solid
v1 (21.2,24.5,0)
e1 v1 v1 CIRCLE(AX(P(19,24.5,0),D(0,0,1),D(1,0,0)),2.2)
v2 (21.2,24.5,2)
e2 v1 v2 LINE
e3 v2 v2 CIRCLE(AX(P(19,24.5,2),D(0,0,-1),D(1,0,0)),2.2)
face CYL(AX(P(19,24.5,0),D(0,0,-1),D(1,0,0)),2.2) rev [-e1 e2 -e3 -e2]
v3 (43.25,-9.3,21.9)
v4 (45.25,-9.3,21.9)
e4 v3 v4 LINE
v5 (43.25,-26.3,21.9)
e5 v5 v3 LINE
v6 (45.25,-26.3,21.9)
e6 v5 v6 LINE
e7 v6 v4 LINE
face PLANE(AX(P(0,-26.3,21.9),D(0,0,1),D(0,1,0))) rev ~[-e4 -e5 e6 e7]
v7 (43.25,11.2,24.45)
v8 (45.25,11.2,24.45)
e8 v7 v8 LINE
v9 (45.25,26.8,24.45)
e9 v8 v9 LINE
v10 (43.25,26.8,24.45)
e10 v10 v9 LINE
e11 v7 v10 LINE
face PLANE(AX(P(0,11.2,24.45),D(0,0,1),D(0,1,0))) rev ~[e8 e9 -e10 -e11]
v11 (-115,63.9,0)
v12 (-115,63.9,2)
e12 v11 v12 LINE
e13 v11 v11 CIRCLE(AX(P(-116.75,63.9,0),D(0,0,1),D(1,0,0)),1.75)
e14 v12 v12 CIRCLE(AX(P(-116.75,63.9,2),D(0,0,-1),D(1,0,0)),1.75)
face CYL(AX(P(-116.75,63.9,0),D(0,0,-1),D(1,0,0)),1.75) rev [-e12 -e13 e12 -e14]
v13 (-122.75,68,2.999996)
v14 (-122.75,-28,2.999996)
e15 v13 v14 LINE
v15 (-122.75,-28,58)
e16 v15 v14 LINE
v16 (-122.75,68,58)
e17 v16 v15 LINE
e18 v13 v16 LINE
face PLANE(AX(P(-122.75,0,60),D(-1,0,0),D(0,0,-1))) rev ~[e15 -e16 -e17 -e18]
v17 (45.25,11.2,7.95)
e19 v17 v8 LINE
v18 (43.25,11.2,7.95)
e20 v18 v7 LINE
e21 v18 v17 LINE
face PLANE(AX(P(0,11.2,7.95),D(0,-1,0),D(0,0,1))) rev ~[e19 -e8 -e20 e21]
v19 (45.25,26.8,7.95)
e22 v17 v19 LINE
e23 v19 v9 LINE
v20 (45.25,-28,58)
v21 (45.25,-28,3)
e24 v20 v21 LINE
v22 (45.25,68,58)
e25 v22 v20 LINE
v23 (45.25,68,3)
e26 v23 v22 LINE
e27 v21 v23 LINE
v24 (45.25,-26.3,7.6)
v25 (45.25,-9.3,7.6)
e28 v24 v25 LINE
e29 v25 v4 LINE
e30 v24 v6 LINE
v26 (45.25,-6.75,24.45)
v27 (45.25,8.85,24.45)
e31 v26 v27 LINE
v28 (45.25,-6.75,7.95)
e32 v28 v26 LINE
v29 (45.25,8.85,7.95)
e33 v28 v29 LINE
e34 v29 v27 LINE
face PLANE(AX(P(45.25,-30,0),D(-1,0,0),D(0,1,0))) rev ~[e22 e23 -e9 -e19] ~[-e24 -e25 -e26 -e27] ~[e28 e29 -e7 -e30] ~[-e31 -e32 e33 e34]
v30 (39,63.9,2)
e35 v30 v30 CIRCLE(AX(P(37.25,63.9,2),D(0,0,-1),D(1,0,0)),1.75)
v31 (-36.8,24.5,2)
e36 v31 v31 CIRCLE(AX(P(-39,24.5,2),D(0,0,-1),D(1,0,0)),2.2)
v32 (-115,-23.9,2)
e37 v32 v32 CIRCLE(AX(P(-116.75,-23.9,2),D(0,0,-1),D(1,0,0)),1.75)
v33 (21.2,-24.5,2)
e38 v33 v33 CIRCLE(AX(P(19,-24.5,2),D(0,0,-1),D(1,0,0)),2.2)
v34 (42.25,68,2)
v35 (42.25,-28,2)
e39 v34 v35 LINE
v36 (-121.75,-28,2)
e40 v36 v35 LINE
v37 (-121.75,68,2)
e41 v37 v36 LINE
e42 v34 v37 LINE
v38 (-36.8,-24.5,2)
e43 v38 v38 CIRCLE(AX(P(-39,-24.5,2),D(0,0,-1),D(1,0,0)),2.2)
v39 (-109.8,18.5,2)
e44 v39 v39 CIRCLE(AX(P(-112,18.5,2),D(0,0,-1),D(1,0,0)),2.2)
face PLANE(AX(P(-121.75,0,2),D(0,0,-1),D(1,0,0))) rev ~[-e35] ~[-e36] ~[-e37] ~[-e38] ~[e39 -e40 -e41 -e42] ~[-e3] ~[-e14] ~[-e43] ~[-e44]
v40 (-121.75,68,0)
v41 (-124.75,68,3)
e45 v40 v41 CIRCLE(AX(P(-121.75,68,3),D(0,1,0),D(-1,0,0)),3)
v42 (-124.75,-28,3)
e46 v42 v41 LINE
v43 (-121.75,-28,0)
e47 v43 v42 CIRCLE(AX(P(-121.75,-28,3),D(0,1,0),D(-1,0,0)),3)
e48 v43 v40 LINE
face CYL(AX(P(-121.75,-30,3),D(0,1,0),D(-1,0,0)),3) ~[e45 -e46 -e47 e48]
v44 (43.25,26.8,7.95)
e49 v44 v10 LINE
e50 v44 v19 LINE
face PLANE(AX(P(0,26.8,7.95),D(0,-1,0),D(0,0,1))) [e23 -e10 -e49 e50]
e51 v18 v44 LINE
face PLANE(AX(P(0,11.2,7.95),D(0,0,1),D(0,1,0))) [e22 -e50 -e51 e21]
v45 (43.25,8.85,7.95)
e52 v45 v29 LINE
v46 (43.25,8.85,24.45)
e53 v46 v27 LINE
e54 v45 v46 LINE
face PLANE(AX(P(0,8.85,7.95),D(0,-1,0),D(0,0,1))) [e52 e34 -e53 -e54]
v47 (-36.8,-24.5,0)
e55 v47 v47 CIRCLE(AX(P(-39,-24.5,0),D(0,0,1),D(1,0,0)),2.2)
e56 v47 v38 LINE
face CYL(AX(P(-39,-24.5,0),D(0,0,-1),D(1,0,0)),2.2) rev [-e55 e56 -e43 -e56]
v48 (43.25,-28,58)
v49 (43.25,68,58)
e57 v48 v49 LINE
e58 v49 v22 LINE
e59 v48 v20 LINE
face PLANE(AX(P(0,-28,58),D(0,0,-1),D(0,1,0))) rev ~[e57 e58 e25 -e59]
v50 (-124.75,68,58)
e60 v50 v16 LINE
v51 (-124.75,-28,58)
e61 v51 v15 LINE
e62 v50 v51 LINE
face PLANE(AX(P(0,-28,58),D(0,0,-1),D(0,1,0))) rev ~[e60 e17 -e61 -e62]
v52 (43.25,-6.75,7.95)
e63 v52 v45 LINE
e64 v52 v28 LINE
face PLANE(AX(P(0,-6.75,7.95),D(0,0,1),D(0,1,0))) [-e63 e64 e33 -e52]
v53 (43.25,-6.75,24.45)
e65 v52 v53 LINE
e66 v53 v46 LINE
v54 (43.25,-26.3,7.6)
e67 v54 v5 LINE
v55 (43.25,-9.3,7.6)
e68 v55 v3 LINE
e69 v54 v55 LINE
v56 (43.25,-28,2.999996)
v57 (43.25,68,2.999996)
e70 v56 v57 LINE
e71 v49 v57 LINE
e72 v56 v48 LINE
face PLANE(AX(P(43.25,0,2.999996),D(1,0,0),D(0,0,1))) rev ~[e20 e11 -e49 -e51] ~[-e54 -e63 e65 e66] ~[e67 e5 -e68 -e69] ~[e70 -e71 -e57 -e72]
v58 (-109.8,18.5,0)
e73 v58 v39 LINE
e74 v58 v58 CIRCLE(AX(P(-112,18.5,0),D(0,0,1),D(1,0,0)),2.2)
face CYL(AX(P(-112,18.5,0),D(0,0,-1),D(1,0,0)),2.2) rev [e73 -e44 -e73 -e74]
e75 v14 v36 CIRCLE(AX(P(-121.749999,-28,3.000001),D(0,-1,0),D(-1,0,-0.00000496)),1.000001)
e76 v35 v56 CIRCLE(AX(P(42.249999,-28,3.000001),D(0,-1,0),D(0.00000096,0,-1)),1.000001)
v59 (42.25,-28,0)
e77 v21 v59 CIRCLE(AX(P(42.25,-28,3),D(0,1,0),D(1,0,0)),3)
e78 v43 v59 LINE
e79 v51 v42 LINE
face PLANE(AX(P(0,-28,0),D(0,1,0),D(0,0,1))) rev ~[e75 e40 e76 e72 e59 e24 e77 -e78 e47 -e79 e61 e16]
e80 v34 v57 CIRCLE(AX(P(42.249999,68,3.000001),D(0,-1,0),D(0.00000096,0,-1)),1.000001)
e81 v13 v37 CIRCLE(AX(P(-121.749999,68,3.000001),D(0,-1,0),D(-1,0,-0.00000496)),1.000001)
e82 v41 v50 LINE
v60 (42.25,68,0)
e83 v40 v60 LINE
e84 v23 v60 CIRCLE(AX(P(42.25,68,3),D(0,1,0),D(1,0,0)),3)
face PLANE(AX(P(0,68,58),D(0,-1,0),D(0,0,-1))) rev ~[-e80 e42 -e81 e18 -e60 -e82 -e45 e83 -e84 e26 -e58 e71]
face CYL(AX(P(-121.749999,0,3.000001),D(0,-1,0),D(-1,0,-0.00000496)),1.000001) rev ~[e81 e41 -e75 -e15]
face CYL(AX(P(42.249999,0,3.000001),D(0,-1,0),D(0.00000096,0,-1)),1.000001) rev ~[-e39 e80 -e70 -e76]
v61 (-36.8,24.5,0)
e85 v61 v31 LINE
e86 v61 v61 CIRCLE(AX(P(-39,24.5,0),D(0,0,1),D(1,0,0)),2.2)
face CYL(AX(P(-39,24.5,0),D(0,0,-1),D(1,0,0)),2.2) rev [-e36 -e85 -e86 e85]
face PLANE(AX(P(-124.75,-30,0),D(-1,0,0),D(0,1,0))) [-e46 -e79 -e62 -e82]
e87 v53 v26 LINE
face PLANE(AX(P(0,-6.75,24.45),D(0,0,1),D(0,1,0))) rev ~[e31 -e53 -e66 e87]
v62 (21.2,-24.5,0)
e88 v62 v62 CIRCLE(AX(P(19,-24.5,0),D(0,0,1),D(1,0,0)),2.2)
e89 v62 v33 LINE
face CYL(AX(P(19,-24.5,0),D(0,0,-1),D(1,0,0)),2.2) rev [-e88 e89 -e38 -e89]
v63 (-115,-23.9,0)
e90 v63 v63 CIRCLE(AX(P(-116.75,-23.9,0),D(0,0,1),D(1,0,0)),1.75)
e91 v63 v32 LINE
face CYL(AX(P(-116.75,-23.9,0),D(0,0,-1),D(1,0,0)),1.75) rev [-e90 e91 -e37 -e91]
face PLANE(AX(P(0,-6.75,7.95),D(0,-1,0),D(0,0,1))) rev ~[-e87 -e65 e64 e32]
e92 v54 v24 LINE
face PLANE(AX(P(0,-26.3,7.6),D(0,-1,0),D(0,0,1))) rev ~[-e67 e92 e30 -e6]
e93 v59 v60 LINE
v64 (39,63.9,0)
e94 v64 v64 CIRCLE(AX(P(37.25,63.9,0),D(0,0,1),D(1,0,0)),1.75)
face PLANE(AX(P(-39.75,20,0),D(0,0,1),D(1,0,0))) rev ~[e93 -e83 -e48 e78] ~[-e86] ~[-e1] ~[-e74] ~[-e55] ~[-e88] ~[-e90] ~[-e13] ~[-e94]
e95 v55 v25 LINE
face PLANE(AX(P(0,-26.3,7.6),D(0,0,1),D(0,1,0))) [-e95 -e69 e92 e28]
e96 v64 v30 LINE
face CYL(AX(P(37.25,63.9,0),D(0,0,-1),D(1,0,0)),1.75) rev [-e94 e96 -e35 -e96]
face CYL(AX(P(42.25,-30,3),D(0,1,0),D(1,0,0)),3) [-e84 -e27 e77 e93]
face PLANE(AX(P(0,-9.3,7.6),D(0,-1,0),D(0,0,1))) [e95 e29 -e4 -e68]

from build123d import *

# Parameters (mm, degrees)
PAD002_DEPTH    = 250
PAD003_DEPTH    = 150
SKETCH_W        = 170
SKETCH_H        = 100
PAD_DEPTH       = 60
FILLET_R        = 3
SKETCH001_W     = 17
SKETCH001_H     = 14.3
SKETCH001_W_2   = 15.6
SKETCH001_H_2   = 16.5
POCKET_DEPTH    = 45.251
SKETCH002_W     = 8.2
SKETCH002_H     = 4.6
POCKET001_DEPTH = 30.001
SKETCH006_W     = 165
SKETCH006_H     = 92
POCKET003_DEPTH = 500
SKETCH007_R     = 2.2
SKETCH007_R_2   = 1.75
POCKET004_DEPTH = 5


with BuildPart() as bottom_mask:
    # Sketch004 → Pad002 (new body, symmetric)
    with BuildSketch(Plane.XZ):
        with BuildLine():
            Line((-122.75, 60), (-122.75, 2.999996))
            ThreePointArc((-122.75, 2.999996), (-122.457105, 2.292892), (-121.75, 2))
            Line((-121.75, 2), (42.25, 2))
            ThreePointArc((42.25, 2), (42.957105, 2.292892), (43.25, 2.999996))
            Line((43.25, 2.999996), (43.25, 60))
            Line((43.25, 60), (-122.75, 60))
        make_face()
    extrude(amount=PAD002_DEPTH, both=True)

    # Sketch008 → Pad003 (join, symmetric)
    with BuildSketch(Plane.YZ):
        Polygon((-30, 60), (-30, 0), (-28, 0), (-28, 58), (68, 58), (68, 0), (70, 0), (70, 60), align=None)
    extrude(amount=PAD003_DEPTH, both=True)


with BuildPart() as bottom:
    # Sketch → Pad (new body)
    with BuildSketch(Plane.XY):
        with Locations((-39.75, 20)):
            Rectangle(SKETCH_W, SKETCH_H)
    extrude(amount=PAD_DEPTH)

    # Fillet
    fillet_edges = [bottom.edges().sort_by_distance(p)[0] for p in [
        (45.25, 20, 0),
        (-39.75, -30, 60),
        (-39.75, 70, 60),
        (-124.75, 20, 0),
    ]]
    fillet(fillet_edges, radius=FILLET_R)

    # Sketch001 → Pocket (cut, through all)
    with BuildSketch(Plane.YZ):
        with Locations((-17.8, 14.75)):
            Rectangle(SKETCH001_W, SKETCH001_H)
        with Locations((1.05, 16.2)):
            Rectangle(SKETCH001_W_2, SKETCH001_H_2)
        with Locations((19, 16.2)):
            Rectangle(SKETCH001_W_2, SKETCH001_H_2)
    extrude(amount=POCKET_DEPTH, mode=Mode.SUBTRACT)

    # Sketch002 → Pocket001 (cut, through all)
    with BuildSketch(Plane.XZ):
        with BuildLine():
            ThreePointArc((-34.67, 11.2), (-35.73066, 10.76066), (-36.17, 9.7))
            Line((-36.17, 8.74), (-36.17, 9.7))
            ThreePointArc((-36.17, 8.74), (-35.73066, 7.67934), (-34.67, 7.24))
            Line((-27.93, 7.24), (-34.67, 7.24))
            ThreePointArc((-27.93, 7.24), (-26.86934, 7.67934), (-26.43, 8.74))
            Line((-26.43, 9.7), (-26.43, 8.74))
            ThreePointArc((-26.43, 9.7), (-26.86934, 10.76066), (-27.93, 11.2))
            Line((-34.67, 11.2), (-27.93, 11.2))
        make_face()
        with Locations((-16.704733, 9.1)):
            Rectangle(SKETCH002_W, SKETCH002_H)
        with Locations((-3.304733, 9.1)):
            Rectangle(SKETCH002_W, SKETCH002_H)
    extrude(amount=POCKET001_DEPTH, mode=Mode.SUBTRACT)

    # Sketch006 → Pocket003 (cut)
    with BuildSketch(Plane.XY.offset(30)):
        with Locations((-39.75, 20)):
            Rectangle(SKETCH006_W, SKETCH006_H)
    extrude(amount=POCKET003_DEPTH, mode=Mode.SUBTRACT)

    # Sketch007 → Pocket004 (cut)
    with BuildSketch(Plane.XY):
        with Locations((-39, 24.5)):
            Circle(SKETCH007_R)
        with Locations((19, 24.5)):
            Circle(SKETCH007_R)
        with Locations((-39, -24.5)):
            Circle(SKETCH007_R)
        with Locations((19, -24.5)):
            Circle(SKETCH007_R)
        with Locations((-112, 18.5)):
            Circle(SKETCH007_R)
        with Locations((-116.75, -23.9)):
            Circle(SKETCH007_R_2)
        with Locations((-116.75, 63.9)):
            Circle(SKETCH007_R_2)
        with Locations((37.25, 63.9)):
            Circle(SKETCH007_R_2)
    extrude(amount=POCKET004_DEPTH, mode=Mode.SUBTRACT)

    # Cut001: cut Bottom Mask
    add(bottom_mask.part, mode=Mode.SUBTRACT)


solid = bottom.part
